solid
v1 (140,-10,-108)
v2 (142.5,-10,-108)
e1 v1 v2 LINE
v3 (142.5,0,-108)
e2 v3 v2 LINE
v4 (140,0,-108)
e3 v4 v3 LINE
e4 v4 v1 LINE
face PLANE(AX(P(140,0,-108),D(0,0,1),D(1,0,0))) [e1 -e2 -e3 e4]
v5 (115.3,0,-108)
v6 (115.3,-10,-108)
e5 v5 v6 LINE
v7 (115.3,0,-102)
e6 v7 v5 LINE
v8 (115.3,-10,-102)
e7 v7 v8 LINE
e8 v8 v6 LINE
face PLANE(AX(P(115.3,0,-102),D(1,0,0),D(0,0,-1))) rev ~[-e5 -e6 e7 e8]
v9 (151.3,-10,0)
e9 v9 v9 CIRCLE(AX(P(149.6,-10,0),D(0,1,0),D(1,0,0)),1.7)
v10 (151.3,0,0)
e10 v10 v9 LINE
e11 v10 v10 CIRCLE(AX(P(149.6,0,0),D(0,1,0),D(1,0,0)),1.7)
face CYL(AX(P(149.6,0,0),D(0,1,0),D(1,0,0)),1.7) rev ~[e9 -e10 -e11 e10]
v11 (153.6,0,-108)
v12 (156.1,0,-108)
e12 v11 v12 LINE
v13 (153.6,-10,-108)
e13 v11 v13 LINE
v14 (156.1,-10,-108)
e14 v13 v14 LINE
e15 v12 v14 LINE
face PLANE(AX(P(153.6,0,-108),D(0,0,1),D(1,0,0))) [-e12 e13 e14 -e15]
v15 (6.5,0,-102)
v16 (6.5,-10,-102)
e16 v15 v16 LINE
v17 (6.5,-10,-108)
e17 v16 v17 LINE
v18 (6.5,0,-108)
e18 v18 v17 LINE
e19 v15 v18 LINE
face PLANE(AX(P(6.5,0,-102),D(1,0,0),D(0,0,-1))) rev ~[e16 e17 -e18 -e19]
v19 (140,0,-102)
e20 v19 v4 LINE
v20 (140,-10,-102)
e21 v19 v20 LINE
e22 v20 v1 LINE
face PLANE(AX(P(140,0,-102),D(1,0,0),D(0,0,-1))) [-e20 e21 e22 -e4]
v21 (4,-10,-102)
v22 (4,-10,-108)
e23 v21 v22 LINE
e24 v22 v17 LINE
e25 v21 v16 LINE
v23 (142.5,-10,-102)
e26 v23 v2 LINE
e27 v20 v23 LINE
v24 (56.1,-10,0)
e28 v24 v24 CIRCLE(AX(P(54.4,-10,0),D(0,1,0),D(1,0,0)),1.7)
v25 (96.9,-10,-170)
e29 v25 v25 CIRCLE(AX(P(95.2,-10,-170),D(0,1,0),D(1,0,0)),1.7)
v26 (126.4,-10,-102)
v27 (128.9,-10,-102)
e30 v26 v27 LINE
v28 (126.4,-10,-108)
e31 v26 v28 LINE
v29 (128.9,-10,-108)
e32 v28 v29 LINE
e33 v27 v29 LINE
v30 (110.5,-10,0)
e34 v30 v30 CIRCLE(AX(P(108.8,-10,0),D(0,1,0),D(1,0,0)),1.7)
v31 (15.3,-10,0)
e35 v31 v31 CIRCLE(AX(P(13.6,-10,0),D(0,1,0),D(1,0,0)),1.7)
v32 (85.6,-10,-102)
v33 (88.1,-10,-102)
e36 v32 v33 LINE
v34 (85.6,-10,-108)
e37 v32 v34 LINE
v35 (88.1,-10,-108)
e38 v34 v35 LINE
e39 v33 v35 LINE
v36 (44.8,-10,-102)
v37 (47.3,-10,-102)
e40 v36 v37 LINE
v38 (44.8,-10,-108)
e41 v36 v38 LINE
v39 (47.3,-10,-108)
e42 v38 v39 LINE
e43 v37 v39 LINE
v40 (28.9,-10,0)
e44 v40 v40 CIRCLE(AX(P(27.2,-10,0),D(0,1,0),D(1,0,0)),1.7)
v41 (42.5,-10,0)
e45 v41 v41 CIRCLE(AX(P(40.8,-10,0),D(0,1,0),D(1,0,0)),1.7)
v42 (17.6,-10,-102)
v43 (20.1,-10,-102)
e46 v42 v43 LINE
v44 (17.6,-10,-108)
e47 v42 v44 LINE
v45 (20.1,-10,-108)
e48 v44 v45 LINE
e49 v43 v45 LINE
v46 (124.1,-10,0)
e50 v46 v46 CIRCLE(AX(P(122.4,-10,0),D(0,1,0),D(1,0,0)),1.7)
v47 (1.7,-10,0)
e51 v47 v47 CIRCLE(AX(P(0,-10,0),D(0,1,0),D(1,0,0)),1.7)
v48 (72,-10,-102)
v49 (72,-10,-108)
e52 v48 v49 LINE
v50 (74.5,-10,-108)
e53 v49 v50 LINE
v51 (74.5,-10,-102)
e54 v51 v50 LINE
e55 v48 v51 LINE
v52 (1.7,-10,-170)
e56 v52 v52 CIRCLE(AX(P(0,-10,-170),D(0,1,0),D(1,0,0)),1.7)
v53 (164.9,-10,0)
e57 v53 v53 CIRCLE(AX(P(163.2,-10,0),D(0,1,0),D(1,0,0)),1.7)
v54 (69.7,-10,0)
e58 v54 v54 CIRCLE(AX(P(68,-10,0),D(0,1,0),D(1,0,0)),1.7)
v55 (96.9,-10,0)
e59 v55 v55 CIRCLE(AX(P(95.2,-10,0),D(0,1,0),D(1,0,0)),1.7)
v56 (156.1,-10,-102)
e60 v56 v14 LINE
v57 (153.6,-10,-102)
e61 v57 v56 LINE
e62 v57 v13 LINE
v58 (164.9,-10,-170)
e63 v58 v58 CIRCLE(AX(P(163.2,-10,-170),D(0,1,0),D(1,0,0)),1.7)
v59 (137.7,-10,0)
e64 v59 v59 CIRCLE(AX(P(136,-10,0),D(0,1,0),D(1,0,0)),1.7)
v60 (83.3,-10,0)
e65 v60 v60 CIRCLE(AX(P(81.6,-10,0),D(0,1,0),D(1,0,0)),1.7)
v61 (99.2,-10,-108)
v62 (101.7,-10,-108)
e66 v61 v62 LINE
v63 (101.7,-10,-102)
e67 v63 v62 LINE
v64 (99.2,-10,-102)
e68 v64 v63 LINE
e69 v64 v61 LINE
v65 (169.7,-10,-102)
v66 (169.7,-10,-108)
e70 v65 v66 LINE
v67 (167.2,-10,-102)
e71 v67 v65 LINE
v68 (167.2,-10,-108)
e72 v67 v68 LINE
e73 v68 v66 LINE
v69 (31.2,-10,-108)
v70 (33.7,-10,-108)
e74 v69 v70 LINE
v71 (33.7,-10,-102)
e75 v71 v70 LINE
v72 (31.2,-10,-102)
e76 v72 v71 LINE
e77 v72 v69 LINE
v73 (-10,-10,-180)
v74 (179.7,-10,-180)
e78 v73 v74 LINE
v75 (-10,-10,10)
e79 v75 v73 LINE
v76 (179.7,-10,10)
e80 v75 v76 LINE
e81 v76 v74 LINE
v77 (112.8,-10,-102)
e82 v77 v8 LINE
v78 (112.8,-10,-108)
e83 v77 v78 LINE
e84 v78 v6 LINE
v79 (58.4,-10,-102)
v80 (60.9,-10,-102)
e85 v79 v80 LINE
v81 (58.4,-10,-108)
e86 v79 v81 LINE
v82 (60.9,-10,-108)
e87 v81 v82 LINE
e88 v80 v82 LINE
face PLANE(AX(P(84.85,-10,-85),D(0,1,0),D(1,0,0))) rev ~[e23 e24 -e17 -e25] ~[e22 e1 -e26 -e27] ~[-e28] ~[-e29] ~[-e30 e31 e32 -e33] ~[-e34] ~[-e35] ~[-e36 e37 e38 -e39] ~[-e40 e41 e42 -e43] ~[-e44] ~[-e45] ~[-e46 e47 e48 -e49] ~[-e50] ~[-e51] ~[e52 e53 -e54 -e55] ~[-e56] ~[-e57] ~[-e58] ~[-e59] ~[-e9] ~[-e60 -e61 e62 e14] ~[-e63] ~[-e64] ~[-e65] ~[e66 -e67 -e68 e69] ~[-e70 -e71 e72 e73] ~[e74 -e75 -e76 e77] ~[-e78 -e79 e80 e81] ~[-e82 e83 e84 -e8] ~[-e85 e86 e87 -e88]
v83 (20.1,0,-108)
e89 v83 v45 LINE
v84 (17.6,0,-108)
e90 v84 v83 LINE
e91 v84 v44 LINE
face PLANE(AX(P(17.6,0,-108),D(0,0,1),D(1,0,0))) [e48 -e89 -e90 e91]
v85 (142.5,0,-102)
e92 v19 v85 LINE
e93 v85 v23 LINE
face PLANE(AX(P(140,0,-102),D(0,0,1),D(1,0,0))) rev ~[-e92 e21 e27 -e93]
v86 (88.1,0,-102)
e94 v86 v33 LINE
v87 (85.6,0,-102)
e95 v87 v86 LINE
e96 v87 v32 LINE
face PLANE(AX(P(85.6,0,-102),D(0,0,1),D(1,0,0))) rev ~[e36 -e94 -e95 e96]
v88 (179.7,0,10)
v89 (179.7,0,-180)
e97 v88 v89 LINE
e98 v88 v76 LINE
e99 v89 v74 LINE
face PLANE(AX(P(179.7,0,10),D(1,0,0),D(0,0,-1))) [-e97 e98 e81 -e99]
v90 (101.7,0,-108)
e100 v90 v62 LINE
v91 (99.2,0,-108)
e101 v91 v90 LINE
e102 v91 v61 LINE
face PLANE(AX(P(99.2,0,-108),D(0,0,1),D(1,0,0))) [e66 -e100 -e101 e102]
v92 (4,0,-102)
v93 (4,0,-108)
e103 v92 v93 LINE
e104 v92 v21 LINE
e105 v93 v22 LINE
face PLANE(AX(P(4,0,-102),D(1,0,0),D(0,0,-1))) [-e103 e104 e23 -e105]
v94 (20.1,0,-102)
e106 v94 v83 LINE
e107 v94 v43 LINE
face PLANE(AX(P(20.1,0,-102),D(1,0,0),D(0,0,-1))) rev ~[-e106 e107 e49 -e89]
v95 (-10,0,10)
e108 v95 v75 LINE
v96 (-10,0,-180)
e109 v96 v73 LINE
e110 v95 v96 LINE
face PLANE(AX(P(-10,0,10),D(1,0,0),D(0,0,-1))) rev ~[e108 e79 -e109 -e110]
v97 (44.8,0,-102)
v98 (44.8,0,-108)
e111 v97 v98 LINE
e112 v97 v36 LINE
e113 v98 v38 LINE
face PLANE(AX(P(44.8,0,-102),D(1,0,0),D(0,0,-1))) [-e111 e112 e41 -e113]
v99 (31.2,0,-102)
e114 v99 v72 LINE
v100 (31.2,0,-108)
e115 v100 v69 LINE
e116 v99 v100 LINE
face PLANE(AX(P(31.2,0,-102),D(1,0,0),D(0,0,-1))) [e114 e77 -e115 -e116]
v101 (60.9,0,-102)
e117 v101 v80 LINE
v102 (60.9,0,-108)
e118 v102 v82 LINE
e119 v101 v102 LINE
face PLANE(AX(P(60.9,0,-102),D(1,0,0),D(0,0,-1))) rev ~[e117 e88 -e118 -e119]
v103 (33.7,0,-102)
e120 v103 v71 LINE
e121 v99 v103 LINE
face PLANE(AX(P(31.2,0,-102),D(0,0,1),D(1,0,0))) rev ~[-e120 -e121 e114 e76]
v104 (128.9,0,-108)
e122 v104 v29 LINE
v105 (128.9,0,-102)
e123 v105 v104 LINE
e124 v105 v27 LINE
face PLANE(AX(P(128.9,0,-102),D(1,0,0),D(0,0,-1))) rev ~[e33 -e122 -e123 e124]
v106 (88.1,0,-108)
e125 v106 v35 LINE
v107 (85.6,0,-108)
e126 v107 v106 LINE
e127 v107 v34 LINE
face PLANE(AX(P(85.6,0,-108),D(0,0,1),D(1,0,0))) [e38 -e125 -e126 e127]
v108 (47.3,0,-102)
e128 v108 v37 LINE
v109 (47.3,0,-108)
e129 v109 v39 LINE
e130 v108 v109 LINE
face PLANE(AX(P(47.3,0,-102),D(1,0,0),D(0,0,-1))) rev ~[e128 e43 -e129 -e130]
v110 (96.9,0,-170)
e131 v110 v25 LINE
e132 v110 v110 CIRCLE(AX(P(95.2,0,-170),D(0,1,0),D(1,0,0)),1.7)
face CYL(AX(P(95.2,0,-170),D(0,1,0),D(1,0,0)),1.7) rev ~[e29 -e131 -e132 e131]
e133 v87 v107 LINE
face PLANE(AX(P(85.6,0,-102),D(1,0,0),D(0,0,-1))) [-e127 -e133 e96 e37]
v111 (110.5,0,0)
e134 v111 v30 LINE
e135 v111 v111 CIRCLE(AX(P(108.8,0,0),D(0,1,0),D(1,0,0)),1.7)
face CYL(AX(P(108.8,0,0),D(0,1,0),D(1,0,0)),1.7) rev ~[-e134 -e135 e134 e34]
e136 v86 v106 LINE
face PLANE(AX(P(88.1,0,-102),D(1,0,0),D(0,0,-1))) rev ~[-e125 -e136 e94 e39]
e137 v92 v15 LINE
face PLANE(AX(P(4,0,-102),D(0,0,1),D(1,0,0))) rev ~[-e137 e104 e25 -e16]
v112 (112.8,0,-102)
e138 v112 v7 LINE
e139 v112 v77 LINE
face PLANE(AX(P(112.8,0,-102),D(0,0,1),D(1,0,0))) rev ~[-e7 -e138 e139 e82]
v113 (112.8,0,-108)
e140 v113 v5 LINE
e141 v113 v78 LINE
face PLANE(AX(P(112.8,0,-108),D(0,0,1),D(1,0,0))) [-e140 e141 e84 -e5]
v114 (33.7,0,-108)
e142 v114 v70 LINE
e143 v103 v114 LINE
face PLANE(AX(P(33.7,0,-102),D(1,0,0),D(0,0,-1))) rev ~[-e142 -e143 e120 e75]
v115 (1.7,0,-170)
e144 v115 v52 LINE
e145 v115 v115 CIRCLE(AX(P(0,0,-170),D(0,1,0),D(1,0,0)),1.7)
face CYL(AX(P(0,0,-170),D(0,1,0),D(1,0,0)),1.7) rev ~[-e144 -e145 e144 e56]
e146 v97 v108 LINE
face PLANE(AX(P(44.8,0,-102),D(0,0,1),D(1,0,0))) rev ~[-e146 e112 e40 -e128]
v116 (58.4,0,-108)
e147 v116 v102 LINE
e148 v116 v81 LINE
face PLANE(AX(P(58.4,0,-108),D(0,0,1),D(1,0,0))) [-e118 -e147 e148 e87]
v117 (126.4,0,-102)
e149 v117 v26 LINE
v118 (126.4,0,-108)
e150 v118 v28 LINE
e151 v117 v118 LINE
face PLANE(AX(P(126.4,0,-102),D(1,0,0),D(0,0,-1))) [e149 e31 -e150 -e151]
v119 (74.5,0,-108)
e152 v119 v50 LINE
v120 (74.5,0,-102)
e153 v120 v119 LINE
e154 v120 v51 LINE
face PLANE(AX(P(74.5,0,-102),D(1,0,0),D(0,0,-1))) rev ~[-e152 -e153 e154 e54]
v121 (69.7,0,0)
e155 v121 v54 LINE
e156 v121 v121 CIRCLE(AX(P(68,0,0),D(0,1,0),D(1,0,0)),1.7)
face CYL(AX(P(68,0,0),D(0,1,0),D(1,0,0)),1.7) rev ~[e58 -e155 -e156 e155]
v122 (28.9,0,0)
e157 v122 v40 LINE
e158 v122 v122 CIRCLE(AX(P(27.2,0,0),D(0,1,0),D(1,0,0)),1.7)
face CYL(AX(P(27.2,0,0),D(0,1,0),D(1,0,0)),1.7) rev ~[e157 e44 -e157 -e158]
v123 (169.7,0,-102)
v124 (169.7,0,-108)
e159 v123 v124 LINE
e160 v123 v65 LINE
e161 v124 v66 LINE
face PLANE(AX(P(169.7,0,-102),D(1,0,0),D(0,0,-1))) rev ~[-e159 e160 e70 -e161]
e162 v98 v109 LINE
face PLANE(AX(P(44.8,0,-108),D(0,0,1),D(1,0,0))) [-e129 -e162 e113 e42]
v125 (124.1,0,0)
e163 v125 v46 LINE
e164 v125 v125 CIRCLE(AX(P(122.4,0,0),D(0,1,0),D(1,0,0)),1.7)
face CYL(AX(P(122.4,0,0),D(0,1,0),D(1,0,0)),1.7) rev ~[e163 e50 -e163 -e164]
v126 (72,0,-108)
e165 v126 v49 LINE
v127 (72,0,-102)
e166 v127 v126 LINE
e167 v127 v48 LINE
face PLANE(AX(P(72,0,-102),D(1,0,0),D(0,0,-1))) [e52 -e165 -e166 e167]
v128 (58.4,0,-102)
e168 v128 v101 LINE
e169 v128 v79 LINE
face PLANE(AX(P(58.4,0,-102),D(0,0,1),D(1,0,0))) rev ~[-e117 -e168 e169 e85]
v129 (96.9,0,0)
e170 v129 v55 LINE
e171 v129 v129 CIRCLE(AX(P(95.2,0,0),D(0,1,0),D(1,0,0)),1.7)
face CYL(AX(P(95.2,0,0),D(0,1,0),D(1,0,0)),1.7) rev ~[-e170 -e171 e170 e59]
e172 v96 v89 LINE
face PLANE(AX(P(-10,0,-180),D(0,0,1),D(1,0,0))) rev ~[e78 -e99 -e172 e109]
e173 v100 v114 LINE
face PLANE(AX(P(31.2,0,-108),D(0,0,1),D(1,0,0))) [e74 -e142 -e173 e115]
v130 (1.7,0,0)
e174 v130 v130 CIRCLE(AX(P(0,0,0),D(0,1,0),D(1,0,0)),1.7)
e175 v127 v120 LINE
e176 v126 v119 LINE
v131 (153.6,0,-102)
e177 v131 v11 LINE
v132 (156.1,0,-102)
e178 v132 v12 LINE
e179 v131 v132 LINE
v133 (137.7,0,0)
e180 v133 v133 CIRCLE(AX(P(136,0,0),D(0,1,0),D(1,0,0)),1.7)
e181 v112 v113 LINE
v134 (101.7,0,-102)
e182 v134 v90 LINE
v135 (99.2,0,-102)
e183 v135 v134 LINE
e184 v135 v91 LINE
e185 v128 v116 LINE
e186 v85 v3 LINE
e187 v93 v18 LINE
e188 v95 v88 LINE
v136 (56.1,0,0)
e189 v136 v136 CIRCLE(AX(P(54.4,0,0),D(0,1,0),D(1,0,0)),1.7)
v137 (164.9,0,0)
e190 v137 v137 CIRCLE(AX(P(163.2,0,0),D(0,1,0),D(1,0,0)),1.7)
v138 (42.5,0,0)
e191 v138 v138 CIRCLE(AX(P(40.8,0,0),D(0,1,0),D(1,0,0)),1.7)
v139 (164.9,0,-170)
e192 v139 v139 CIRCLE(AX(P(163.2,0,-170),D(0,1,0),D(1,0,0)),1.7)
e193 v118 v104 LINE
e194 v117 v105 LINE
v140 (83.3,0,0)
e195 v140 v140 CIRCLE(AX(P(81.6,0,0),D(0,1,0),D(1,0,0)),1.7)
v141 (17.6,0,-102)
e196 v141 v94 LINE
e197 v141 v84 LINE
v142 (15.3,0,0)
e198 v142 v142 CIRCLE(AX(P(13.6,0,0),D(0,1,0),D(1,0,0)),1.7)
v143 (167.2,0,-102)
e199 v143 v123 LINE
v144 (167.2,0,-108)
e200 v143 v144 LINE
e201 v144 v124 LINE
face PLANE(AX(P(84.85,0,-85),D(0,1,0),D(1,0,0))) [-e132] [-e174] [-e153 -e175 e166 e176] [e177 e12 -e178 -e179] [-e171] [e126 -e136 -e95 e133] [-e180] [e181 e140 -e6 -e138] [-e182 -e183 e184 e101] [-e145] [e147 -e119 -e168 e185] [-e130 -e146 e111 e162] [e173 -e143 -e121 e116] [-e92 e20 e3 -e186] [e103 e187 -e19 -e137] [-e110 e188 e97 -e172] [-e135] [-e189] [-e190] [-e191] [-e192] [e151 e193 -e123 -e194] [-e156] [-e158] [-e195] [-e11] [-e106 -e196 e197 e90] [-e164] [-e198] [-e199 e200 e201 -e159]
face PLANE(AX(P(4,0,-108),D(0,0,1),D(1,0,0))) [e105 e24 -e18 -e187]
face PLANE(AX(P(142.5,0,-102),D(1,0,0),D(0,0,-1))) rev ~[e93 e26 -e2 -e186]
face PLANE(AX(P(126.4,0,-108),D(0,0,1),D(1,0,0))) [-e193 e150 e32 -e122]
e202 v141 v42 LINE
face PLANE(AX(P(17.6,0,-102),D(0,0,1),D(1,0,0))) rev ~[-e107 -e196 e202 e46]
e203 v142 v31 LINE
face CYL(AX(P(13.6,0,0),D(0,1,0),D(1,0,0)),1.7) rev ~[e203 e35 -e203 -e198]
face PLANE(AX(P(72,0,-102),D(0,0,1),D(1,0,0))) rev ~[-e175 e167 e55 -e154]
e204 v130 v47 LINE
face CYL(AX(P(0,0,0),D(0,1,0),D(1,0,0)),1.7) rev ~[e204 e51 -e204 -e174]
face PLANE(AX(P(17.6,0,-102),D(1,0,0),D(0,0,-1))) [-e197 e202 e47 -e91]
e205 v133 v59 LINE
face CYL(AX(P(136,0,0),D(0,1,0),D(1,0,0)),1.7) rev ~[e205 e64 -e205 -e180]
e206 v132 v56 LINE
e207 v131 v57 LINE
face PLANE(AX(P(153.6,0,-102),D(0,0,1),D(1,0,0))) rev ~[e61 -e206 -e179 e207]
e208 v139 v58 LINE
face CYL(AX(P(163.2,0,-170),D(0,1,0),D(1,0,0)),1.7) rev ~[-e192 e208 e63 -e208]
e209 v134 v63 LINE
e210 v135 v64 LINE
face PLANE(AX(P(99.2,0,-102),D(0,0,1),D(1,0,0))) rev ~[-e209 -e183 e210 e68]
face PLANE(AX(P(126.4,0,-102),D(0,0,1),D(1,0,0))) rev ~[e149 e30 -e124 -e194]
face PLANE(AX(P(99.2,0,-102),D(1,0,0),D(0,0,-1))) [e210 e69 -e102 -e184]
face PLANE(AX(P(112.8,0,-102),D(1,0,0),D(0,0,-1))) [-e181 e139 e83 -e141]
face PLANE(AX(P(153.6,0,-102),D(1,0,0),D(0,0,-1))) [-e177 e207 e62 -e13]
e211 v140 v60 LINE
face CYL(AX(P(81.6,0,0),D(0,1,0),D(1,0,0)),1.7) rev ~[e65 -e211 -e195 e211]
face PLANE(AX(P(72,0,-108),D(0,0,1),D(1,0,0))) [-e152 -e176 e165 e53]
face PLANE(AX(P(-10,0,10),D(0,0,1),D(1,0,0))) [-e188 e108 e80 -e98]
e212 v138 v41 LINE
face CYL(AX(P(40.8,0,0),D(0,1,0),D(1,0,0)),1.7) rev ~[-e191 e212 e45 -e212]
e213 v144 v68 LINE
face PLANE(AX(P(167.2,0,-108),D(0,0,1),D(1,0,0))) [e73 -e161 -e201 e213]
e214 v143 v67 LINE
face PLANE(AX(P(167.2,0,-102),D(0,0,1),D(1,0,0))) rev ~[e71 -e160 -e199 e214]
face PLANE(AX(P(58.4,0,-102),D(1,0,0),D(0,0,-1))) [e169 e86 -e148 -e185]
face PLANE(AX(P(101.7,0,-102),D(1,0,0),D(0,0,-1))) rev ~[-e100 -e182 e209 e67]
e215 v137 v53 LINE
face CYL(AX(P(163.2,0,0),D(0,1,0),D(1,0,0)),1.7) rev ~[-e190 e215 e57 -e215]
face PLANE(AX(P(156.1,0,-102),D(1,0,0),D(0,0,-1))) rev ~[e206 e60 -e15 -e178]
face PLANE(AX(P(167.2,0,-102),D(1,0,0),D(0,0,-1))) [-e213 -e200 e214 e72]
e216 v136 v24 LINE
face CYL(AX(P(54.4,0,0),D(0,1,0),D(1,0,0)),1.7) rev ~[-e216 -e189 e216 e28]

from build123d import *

# Parameters (mm, degrees)
SKETCH1_W           = 189.7
SKETCH1_H           = 190
SKETCH1_R           = 1.7
SKETCH1_W_2         = 2.5
SKETCH1_H_2         = 6
BOSS_EXTRUDE1_DEPTH = 10


with BuildPart() as part:
    # Sketch1 → Boss-Extrude1 (new body)
    with BuildSketch(Plane(origin=(0, 0, 0), x_dir=(1, 0, 0), z_dir=(0, 1, 0))):
        with Locations((84.85, 85)):
            Rectangle(SKETCH1_W, SKETCH1_H)
        Circle(SKETCH1_R, mode=Mode.SUBTRACT)
        with Locations((0, 170)):
            Circle(SKETCH1_R, mode=Mode.SUBTRACT)
        with Locations((13.6, 0)):
            Circle(SKETCH1_R, mode=Mode.SUBTRACT)
        with Locations((27.2, 0)):
            Circle(SKETCH1_R, mode=Mode.SUBTRACT)
        with Locations((40.8, 0)):
            Circle(SKETCH1_R, mode=Mode.SUBTRACT)
        with Locations((54.4, 0)):
            Circle(SKETCH1_R, mode=Mode.SUBTRACT)
        with Locations((68, 0)):
            Circle(SKETCH1_R, mode=Mode.SUBTRACT)
        with Locations((81.6, 0)):
            Circle(SKETCH1_R, mode=Mode.SUBTRACT)
        with Locations((95.2, 0)):
            Circle(SKETCH1_R, mode=Mode.SUBTRACT)
        with Locations((108.8, 0)):
            Circle(SKETCH1_R, mode=Mode.SUBTRACT)
        with Locations((122.4, 0)):
            Circle(SKETCH1_R, mode=Mode.SUBTRACT)
        with Locations((136, 0)):
            Circle(SKETCH1_R, mode=Mode.SUBTRACT)
        with Locations((149.6, 0)):
            Circle(SKETCH1_R, mode=Mode.SUBTRACT)
        with Locations((163.2, 0)):
            Circle(SKETCH1_R, mode=Mode.SUBTRACT)
        with Locations((95.2, 170)):
            Circle(SKETCH1_R, mode=Mode.SUBTRACT)
        with Locations((163.2, 170)):
            Circle(SKETCH1_R, mode=Mode.SUBTRACT)
        with Locations((5.25, 105)):
            Rectangle(SKETCH1_W_2, SKETCH1_H_2, mode=Mode.SUBTRACT)
        with Locations((18.85, 105)):
            Rectangle(SKETCH1_W_2, SKETCH1_H_2, mode=Mode.SUBTRACT)
        with Locations((32.45, 105)):
            Rectangle(SKETCH1_W_2, SKETCH1_H_2, mode=Mode.SUBTRACT)
        with Locations((46.05, 105)):
            Rectangle(SKETCH1_W_2, SKETCH1_H_2, mode=Mode.SUBTRACT)
        with Locations((59.65, 105)):
            Rectangle(SKETCH1_W_2, SKETCH1_H_2, mode=Mode.SUBTRACT)
        with Locations((73.25, 105)):
            Rectangle(SKETCH1_W_2, SKETCH1_H_2, mode=Mode.SUBTRACT)
        with Locations((86.85, 105)):
            Rectangle(SKETCH1_W_2, SKETCH1_H_2, mode=Mode.SUBTRACT)
        with Locations((100.45, 105)):
            Rectangle(SKETCH1_W_2, SKETCH1_H_2, mode=Mode.SUBTRACT)
        with Locations((114.05, 105)):
            Rectangle(SKETCH1_W_2, SKETCH1_H_2, mode=Mode.SUBTRACT)
        with Locations((127.65, 105)):
            Rectangle(SKETCH1_W_2, SKETCH1_H_2, mode=Mode.SUBTRACT)
        with Locations((141.25, 105)):
            Rectangle(SKETCH1_W_2, SKETCH1_H_2, mode=Mode.SUBTRACT)
        with Locations((154.85, 105)):
            Rectangle(SKETCH1_W_2, SKETCH1_H_2, mode=Mode.SUBTRACT)
        with Locations((168.45, 105)):
            Rectangle(SKETCH1_W_2, SKETCH1_H_2, mode=Mode.SUBTRACT)
    extrude(amount=-BOSS_EXTRUDE1_DEPTH)


solid = part.part
